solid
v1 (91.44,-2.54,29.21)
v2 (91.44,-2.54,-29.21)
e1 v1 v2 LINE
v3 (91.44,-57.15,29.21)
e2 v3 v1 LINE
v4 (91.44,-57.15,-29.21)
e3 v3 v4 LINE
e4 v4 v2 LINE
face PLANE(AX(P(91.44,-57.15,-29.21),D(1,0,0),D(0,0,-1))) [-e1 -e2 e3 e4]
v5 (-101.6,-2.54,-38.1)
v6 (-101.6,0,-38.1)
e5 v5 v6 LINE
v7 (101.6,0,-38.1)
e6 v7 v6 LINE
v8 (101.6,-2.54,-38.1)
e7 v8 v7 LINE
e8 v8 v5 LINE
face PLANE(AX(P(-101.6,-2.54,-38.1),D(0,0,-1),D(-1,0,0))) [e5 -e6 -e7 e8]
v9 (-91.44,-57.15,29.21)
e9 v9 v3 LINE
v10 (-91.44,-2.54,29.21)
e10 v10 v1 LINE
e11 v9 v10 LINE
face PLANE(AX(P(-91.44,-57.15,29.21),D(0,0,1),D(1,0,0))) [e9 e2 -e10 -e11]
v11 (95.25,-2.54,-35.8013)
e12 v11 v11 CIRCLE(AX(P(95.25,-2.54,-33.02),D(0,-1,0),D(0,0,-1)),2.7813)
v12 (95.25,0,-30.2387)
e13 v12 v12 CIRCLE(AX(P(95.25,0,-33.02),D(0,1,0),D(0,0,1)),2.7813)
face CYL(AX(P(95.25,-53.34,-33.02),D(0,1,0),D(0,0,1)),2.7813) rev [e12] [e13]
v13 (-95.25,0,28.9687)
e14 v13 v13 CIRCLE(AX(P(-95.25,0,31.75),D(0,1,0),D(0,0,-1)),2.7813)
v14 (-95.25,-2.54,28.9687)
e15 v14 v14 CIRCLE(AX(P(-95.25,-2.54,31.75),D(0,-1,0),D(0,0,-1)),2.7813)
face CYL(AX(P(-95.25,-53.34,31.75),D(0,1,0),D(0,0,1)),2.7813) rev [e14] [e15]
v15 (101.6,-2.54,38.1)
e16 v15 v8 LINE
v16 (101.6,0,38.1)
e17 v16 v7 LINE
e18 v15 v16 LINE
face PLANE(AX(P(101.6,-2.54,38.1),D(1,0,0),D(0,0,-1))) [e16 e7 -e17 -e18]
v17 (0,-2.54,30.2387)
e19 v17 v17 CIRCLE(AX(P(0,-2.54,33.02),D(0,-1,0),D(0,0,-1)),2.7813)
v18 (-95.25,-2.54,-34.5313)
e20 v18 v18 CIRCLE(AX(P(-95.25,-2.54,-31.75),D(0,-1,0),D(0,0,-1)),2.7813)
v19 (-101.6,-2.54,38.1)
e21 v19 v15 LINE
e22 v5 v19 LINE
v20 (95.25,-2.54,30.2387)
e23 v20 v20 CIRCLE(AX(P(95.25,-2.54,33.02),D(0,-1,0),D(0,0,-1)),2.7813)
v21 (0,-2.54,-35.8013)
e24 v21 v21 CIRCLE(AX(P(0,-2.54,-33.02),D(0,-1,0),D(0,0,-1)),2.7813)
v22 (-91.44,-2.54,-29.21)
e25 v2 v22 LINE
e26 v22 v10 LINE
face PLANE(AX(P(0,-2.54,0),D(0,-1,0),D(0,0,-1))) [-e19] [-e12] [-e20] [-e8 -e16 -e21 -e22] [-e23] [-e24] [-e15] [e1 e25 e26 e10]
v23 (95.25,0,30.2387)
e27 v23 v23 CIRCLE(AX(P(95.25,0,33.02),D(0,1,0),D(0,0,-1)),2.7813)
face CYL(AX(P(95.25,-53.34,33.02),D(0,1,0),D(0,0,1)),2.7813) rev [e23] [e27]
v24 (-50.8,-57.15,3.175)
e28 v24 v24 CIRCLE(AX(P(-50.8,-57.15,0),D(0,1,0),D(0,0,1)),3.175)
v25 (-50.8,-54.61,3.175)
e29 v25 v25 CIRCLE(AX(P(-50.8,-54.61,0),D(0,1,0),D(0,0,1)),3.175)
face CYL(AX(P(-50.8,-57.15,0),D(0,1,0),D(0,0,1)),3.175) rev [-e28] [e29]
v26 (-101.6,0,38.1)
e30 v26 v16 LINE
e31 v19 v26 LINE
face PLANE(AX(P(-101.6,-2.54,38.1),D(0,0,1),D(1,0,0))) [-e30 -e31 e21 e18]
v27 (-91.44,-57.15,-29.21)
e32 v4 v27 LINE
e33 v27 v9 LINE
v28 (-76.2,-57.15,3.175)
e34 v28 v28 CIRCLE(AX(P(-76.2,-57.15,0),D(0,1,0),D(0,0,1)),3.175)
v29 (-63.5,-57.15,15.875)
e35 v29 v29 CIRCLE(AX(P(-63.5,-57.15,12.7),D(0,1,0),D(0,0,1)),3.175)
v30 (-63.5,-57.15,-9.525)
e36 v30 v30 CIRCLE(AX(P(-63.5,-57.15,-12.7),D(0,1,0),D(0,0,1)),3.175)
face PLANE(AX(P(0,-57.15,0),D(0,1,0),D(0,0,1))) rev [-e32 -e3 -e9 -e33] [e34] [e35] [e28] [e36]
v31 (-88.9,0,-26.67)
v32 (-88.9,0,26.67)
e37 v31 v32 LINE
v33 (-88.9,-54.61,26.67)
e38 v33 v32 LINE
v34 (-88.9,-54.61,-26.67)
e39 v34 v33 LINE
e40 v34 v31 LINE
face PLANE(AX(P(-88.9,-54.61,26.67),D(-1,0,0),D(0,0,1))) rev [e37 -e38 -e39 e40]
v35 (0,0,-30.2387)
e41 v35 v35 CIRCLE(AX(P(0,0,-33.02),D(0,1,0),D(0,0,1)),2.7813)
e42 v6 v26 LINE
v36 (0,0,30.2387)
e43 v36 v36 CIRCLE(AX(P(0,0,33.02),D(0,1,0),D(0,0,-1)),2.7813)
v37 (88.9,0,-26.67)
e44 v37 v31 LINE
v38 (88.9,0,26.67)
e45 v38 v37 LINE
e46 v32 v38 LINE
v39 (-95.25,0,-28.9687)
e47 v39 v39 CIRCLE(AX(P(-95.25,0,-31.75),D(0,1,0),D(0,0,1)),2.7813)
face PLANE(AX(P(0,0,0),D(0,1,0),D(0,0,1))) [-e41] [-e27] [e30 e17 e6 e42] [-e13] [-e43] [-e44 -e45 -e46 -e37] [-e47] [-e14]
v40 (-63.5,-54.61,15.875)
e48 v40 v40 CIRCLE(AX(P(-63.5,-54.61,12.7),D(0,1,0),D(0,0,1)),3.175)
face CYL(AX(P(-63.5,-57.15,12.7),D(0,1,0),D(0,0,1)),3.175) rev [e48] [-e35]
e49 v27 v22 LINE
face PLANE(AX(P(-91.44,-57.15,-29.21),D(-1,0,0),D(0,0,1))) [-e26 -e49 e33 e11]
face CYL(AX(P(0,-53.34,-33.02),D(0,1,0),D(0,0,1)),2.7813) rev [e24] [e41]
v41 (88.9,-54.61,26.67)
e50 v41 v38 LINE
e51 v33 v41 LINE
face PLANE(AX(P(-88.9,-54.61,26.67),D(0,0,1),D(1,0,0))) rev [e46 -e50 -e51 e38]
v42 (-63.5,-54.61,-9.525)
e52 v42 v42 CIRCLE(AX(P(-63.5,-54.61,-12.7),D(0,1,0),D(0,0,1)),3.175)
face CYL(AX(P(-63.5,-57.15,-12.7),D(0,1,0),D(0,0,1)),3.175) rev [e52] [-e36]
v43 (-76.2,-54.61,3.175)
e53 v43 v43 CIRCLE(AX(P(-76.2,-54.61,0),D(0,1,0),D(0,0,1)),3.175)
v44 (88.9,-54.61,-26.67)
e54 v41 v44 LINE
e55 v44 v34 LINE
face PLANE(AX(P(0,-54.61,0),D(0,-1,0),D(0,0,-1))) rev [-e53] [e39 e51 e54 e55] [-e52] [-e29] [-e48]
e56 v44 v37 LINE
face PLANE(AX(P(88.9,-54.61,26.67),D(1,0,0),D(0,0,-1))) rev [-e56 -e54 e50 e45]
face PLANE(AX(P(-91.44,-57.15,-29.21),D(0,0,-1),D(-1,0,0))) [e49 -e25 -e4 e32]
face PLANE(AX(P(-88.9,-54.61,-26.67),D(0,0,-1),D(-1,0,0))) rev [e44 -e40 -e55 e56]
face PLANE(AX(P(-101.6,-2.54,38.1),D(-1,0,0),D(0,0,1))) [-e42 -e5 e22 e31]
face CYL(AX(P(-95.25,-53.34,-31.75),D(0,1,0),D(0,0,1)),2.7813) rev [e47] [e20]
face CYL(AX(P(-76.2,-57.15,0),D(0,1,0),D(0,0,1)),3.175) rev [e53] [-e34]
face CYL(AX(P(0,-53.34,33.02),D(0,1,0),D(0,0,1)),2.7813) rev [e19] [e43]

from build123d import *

# Parameters (mm, degrees)
SKETCH3_W           = 182.88
SKETCH3_H           = 58.42
BOSS_EXTRUDE1_DEPTH = 57.15
SKETCH4_W           = 203.2
SKETCH4_H           = 76.2
BOSS_EXTRUDE2_DEPTH = 2.54
SKETCH5_W           = 177.8
SKETCH5_H           = 53.34
CUT_EXTRUDE1_DEPTH  = 54.61
SKETCH6_R           = 2.7813
CUT_EXTRUDE2_DEPTH  = 53.34
SKETCH7_R           = 3.175
CUT_EXTRUDE3_DEPTH  = 3.54


with BuildPart() as part:
    # Sketch3 → Boss-Extrude1 (new body)
    with BuildSketch(Plane(origin=(0, 0, 0), x_dir=(1, 0, 0), z_dir=(0, 1, 0))):
        Rectangle(SKETCH3_W, SKETCH3_H)
    extrude(amount=-BOSS_EXTRUDE1_DEPTH)

    # Sketch4 → Boss-Extrude2 (add)
    with BuildSketch(Plane(origin=(0, 0, 0), x_dir=(1, 0, 0), z_dir=(0, 1, 0))):
        Rectangle(SKETCH4_W, SKETCH4_H)
    extrude(amount=-BOSS_EXTRUDE2_DEPTH)

    # Sketch5 → Cut-Extrude1 (cut)
    with BuildSketch(Plane(origin=(0, 0, 0), x_dir=(1, 0, 0), z_dir=(0, 1, 0))):
        Rectangle(SKETCH5_W, SKETCH5_H)
    extrude(amount=-CUT_EXTRUDE1_DEPTH, mode=Mode.SUBTRACT)

    # Sketch6 → Cut-Extrude2 (cut)
    with BuildSketch(Plane(origin=(0, 0, 0), x_dir=(1, 0, 0), z_dir=(0, 1, 0))):
        with Locations((-95.25, 31.75)):
            Circle(SKETCH6_R)
        with Locations((0, 33.02)):
            Circle(SKETCH6_R)
        with Locations((95.25, 33.02)):
            Circle(SKETCH6_R)
        with Locations((95.25, -33.02)):
            Circle(SKETCH6_R)
        with Locations((0, -33.02)):
            Circle(SKETCH6_R)
        with Locations((-95.25, -31.75)):
            Circle(SKETCH6_R)
    extrude(amount=-CUT_EXTRUDE2_DEPTH, mode=Mode.SUBTRACT)

    # Sketch7 → Cut-Extrude3 (cut, through all)
    with BuildSketch(Plane(origin=(0, -54.61, 0), x_dir=(1, 0, 0), z_dir=(0, 1, 0))):
        with Locations((-63.5, 12.7)):
            Circle(SKETCH7_R)
        with Locations((-50.8, 0)):
            Circle(SKETCH7_R)
        with Locations((-63.5, -12.7)):
            Circle(SKETCH7_R)
        with Locations((-76.2, 0)):
            Circle(SKETCH7_R)
    extrude(amount=-CUT_EXTRUDE3_DEPTH, mode=Mode.SUBTRACT)


solid = part.part
